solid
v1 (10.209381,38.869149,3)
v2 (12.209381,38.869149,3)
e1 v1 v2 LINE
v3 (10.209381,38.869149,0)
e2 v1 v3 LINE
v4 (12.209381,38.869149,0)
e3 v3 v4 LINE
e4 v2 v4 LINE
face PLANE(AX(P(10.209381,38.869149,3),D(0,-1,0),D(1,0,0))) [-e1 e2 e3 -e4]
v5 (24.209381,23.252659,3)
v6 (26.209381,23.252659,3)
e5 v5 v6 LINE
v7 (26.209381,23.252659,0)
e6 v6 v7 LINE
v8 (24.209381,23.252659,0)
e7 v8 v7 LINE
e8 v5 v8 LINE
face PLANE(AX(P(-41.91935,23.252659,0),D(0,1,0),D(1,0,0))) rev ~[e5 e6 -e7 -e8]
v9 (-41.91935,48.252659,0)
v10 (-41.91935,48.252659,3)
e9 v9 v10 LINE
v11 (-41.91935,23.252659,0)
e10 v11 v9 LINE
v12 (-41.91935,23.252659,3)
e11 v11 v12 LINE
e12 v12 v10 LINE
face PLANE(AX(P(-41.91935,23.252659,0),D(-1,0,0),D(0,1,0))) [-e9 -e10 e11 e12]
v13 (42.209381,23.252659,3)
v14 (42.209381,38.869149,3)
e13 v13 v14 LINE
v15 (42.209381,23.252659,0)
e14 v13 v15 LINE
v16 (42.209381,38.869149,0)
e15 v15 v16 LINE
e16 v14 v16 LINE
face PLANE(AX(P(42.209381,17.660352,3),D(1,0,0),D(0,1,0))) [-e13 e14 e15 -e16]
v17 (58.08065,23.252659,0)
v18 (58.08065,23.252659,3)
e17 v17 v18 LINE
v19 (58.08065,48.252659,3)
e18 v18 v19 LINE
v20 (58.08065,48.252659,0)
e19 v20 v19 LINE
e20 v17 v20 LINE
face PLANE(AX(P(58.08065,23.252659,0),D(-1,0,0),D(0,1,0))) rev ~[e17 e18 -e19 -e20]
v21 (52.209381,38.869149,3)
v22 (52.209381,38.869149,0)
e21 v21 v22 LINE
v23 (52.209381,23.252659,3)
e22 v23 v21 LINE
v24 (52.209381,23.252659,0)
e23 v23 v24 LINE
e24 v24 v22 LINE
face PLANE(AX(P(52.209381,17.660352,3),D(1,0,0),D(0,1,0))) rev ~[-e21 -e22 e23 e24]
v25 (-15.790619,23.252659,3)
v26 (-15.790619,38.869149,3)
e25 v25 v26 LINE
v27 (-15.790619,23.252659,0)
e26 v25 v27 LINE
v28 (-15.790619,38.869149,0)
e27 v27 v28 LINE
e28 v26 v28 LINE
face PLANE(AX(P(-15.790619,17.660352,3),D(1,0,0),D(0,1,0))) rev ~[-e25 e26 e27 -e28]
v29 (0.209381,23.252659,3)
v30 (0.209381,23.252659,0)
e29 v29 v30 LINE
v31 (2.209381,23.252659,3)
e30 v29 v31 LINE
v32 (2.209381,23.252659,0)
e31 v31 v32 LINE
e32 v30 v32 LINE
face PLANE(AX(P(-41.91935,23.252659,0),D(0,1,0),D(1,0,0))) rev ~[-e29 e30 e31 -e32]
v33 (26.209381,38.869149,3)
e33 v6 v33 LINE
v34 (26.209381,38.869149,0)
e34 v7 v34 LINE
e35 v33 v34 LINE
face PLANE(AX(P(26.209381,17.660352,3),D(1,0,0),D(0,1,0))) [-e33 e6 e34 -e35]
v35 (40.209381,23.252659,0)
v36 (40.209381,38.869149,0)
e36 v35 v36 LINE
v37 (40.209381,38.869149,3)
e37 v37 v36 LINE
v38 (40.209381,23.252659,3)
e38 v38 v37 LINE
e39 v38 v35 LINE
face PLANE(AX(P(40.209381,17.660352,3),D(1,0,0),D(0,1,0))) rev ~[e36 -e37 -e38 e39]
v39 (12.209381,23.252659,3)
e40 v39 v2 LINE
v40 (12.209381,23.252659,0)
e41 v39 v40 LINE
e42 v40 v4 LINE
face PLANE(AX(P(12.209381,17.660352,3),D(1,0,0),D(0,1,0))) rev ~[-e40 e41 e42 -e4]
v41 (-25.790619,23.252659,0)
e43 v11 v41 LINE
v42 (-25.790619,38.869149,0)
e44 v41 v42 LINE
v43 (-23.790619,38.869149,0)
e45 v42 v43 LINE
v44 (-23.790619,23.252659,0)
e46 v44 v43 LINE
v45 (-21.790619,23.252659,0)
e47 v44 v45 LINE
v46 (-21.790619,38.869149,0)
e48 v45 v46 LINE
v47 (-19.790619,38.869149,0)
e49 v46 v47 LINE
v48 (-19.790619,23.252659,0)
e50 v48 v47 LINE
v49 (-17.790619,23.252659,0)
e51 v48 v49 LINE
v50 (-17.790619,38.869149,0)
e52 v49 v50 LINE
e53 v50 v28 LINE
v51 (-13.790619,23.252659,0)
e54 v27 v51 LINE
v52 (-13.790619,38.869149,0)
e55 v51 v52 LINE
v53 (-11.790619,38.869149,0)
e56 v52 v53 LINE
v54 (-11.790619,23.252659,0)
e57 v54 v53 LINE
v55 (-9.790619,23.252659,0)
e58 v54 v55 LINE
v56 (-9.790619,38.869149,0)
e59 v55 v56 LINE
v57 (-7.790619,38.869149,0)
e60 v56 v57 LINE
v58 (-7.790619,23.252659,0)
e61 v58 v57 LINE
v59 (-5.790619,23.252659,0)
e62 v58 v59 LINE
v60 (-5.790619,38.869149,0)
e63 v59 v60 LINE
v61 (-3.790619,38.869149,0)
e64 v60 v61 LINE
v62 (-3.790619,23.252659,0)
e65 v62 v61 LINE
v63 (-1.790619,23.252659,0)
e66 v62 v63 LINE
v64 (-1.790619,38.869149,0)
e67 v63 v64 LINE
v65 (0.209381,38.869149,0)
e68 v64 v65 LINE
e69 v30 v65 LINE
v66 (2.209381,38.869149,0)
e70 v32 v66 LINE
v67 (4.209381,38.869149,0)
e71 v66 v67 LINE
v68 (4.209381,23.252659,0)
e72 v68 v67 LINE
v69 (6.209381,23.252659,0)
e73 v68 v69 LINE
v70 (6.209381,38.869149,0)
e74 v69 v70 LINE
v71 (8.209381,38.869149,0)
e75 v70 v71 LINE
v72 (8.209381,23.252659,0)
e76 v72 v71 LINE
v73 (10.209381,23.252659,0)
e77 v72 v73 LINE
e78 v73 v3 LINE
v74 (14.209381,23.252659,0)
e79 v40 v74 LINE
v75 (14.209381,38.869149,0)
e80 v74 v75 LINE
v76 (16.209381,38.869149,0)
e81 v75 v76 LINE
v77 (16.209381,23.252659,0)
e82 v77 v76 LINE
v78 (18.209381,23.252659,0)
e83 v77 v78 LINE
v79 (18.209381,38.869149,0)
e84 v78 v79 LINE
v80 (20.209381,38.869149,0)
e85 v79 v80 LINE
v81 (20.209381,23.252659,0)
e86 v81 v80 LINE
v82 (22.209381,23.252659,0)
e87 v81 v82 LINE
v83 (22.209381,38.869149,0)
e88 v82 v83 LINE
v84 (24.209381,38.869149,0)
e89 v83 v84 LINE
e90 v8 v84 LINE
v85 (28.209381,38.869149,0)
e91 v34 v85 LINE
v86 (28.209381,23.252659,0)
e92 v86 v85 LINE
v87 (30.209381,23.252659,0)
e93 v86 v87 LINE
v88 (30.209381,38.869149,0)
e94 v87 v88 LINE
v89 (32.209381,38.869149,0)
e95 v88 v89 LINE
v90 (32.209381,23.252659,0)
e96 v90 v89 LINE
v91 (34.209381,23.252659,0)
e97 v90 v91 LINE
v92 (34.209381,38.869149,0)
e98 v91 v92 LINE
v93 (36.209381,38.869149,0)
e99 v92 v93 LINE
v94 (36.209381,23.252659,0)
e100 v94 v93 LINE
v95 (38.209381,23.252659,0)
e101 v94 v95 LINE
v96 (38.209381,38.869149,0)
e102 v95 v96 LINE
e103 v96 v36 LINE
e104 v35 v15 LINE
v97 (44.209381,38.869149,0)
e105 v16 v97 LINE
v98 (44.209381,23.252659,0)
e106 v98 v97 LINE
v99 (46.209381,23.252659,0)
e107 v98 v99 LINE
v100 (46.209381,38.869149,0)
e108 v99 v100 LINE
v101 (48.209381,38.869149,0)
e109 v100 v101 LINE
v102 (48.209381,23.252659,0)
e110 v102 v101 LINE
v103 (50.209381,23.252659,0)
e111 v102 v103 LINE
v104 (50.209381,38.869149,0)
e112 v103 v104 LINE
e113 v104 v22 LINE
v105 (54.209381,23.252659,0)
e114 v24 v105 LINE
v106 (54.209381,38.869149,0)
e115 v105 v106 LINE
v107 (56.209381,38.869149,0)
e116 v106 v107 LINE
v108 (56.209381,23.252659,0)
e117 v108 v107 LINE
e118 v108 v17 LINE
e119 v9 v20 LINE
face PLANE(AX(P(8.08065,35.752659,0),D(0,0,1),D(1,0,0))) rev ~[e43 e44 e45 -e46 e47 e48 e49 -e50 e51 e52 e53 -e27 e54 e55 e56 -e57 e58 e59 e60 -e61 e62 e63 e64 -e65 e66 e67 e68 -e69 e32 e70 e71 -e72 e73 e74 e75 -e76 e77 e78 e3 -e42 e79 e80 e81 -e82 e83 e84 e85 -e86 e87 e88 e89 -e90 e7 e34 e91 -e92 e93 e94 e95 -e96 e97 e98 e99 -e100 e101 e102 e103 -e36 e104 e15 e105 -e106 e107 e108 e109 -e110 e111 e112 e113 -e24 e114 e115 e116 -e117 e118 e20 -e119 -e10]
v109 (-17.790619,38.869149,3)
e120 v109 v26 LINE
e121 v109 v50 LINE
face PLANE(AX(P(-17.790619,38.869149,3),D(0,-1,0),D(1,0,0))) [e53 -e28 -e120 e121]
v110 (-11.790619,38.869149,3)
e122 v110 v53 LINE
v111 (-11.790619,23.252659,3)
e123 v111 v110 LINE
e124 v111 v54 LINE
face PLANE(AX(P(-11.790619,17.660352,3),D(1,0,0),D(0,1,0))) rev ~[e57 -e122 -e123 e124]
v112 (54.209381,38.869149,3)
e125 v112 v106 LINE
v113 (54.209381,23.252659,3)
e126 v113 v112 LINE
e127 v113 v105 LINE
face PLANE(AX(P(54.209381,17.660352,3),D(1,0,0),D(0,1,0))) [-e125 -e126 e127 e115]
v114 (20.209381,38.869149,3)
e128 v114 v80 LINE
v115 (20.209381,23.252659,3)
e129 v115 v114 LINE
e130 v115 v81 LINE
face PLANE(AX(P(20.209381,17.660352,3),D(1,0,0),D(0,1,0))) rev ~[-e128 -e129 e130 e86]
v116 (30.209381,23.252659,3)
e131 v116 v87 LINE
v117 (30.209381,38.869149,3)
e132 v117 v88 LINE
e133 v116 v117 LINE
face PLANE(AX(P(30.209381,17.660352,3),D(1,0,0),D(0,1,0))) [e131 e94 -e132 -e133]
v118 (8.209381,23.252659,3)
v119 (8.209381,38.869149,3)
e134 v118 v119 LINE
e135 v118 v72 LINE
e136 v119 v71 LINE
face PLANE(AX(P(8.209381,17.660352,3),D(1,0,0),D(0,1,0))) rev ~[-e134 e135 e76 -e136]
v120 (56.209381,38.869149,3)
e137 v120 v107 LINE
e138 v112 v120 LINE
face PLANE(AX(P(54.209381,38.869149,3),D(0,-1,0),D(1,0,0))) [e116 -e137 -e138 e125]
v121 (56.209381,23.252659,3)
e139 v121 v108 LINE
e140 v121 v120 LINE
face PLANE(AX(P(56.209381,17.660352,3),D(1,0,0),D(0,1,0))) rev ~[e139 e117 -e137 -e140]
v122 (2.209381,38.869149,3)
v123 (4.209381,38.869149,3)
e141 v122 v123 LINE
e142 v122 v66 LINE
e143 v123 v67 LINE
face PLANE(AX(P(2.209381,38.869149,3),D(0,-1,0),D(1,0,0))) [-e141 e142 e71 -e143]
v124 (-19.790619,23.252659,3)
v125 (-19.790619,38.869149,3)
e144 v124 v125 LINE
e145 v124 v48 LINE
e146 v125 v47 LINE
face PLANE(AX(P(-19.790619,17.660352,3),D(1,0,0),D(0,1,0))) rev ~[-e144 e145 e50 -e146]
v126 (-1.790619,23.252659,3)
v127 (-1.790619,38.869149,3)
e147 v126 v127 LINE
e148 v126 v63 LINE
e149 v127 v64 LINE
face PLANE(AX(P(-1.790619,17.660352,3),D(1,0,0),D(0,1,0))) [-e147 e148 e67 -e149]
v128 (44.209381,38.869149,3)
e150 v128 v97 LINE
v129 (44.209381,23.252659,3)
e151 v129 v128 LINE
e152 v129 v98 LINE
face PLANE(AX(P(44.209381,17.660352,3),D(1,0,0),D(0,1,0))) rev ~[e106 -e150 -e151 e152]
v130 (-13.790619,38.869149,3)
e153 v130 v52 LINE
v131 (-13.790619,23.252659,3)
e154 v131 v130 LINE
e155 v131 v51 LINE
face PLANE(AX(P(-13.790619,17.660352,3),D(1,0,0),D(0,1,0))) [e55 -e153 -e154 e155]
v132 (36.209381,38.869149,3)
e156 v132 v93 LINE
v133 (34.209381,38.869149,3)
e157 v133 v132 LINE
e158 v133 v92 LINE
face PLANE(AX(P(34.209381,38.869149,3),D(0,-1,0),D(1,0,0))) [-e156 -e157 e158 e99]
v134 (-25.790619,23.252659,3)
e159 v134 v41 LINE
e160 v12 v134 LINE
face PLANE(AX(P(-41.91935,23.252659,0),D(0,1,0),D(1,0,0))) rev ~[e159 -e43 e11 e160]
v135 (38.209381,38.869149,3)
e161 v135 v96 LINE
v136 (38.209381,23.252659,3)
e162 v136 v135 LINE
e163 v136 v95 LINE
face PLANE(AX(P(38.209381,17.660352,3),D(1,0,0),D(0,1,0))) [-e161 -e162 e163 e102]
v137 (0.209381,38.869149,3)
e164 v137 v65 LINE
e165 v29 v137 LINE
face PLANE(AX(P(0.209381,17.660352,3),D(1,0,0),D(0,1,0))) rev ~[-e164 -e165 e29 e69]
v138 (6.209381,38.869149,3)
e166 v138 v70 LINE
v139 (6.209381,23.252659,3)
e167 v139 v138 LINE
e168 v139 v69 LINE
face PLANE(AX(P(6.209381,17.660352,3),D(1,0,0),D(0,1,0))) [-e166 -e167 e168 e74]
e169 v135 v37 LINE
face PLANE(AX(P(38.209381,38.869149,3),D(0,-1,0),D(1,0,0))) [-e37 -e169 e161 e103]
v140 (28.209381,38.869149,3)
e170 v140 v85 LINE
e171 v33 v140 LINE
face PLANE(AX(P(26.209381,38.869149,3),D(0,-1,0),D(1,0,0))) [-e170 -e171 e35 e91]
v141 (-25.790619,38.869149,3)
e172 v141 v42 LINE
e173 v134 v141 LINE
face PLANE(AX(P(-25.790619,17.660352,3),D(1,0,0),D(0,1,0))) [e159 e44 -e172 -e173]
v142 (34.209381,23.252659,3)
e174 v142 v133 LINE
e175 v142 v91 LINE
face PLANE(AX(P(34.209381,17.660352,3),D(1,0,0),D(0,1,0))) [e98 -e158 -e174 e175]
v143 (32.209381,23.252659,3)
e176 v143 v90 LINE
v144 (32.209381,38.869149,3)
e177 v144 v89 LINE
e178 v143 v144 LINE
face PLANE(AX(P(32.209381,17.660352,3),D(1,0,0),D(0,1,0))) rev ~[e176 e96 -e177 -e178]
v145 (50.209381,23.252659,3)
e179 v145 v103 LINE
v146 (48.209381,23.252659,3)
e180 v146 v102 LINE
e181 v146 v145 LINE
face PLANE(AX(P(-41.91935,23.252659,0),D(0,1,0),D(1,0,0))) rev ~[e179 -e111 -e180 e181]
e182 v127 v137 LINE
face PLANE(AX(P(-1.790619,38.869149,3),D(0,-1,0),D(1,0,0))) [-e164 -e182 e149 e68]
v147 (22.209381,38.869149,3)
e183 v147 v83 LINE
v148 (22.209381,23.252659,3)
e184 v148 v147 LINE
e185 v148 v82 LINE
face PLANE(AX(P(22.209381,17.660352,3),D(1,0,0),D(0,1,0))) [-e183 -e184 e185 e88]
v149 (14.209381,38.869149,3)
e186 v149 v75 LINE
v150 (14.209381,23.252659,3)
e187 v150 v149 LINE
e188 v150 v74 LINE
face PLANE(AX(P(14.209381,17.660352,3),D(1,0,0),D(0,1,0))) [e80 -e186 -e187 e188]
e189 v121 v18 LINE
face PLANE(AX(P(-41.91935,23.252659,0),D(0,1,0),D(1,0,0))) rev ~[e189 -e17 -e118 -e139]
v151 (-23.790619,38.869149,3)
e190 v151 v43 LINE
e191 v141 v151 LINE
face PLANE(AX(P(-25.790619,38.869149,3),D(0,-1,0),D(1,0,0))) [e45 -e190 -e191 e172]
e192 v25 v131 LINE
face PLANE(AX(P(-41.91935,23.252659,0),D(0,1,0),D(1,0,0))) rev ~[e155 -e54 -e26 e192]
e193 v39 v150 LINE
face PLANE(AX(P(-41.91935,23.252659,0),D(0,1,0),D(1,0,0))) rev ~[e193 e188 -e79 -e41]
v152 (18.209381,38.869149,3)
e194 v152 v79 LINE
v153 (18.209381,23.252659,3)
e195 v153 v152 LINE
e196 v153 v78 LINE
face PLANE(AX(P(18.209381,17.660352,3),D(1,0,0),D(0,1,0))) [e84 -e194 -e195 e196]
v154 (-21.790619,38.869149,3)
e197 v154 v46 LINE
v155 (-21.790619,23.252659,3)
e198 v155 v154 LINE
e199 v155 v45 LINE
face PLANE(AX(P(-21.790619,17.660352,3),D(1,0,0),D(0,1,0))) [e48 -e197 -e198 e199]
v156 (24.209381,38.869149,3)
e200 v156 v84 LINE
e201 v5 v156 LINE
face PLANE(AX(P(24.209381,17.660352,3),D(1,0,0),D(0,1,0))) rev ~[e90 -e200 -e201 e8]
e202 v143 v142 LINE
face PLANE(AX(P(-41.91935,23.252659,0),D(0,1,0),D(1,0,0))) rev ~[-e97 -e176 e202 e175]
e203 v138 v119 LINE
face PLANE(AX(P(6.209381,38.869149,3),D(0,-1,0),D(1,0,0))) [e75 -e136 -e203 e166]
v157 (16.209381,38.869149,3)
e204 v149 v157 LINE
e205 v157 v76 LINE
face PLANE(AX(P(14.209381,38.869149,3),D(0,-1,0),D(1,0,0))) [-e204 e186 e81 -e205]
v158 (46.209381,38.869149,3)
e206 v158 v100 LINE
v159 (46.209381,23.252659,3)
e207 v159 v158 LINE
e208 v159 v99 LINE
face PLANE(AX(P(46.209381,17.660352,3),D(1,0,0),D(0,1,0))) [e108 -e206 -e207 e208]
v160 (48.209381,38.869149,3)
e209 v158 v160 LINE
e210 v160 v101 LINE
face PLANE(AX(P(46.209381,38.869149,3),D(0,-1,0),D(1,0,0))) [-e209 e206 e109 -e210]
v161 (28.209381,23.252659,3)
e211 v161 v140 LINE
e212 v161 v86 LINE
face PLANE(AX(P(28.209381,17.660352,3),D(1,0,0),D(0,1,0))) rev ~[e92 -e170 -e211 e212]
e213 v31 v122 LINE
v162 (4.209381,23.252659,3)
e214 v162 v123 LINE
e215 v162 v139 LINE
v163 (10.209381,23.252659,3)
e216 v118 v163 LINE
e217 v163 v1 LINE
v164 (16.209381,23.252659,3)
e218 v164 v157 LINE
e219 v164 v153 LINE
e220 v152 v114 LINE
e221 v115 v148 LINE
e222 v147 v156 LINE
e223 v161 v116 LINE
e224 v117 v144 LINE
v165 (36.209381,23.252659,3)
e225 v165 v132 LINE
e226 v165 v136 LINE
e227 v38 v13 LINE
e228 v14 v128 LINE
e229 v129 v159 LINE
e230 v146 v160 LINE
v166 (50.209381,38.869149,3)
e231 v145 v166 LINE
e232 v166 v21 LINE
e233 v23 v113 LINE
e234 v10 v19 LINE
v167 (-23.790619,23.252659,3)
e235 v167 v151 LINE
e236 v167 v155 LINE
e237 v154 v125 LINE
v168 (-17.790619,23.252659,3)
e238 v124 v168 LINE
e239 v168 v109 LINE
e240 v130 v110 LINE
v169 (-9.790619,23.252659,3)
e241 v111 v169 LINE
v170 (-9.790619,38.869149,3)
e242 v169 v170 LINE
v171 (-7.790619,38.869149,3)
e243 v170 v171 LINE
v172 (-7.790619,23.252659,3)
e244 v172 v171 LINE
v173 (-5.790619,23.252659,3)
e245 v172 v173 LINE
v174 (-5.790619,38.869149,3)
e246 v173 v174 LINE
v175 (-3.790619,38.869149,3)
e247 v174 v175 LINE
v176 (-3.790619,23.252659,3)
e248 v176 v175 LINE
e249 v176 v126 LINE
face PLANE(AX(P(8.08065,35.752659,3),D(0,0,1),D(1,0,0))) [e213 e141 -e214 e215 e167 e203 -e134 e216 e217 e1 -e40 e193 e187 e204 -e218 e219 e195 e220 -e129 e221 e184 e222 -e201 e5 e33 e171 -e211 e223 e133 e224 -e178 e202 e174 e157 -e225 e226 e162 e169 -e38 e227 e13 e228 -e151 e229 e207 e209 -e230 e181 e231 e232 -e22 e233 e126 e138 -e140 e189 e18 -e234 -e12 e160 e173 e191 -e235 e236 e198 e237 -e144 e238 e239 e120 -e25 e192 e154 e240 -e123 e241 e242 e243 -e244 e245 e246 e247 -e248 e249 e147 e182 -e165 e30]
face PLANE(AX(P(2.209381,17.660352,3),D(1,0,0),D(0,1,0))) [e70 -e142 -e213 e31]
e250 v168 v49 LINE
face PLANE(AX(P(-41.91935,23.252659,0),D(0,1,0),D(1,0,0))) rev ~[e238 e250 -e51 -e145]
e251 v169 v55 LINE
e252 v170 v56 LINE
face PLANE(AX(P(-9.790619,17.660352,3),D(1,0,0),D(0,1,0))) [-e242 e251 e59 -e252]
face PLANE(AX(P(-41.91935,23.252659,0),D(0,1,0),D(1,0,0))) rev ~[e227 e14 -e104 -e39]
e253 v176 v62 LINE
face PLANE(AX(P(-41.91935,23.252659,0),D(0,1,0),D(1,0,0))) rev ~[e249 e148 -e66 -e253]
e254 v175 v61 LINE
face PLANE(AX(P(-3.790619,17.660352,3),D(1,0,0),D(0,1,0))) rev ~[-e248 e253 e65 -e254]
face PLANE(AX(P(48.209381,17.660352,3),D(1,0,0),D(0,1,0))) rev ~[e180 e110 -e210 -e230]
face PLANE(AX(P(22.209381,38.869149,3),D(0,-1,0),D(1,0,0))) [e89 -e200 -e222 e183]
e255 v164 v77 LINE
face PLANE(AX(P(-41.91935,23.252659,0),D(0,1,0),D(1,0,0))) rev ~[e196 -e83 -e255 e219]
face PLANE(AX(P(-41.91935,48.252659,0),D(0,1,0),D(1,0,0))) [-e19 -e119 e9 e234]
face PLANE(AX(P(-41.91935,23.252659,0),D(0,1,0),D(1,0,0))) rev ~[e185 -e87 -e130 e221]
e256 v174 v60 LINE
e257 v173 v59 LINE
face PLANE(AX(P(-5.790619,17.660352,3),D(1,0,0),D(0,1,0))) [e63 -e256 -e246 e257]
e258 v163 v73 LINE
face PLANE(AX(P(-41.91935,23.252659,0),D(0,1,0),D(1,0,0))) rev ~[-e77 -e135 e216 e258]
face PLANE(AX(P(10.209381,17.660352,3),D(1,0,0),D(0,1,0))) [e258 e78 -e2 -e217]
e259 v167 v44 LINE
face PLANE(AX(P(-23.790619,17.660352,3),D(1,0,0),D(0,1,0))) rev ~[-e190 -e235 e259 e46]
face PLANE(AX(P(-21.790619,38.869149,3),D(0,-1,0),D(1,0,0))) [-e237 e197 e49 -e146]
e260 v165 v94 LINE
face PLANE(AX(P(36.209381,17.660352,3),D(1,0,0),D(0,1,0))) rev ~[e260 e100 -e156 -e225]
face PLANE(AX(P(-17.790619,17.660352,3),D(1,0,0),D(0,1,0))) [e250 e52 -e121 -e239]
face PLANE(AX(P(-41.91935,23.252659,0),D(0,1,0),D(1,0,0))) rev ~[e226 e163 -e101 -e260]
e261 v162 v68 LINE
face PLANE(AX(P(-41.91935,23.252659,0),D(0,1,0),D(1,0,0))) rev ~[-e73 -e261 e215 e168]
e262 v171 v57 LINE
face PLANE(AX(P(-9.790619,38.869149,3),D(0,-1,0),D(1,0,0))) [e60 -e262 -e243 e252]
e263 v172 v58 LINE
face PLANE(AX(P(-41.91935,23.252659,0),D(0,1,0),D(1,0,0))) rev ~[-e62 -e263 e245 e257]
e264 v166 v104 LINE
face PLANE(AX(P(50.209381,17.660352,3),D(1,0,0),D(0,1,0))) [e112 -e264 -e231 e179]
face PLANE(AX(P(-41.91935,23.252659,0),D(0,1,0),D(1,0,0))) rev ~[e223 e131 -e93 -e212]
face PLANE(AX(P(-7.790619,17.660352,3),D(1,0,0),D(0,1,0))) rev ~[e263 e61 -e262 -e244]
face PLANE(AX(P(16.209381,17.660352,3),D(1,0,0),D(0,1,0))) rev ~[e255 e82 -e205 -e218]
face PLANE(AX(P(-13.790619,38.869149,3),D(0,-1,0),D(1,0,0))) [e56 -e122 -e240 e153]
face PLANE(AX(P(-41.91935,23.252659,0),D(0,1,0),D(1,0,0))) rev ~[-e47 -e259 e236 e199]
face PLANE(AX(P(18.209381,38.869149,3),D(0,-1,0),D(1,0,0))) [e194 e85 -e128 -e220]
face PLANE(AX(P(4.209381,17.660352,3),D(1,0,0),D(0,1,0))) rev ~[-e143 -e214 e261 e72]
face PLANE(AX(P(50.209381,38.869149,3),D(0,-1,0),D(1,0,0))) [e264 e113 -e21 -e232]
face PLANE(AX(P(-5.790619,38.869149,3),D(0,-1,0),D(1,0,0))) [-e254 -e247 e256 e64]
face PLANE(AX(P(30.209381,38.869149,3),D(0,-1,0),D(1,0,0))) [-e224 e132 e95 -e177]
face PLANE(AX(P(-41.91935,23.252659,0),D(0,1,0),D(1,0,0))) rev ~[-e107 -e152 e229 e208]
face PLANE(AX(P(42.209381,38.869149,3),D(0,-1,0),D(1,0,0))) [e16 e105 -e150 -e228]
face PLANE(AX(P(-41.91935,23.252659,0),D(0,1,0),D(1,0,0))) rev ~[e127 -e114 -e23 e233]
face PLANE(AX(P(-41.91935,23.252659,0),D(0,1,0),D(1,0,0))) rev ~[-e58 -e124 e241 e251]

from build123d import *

# Parameters (mm, degrees)
F0_W     = 100
F0_H     = 25
F1_DEPTH = 3
F2_W     = 2
F2_H     = 21.208797
F3_DEPTH = 25


with BuildPart() as f1:
    # F0 (on Top) → F1 (new body)
    with BuildSketch(Plane.XY):
        with Locations((8.08065, 35.752659)):
            Rectangle(F0_W, F0_H)
    extrude(amount=F1_DEPTH)

    # F2 (on face) → F3 (cut)
    with BuildSketch(Plane.XY.offset(3)):
        with Locations((-24.790619, 28.26475)):
            Rectangle(F2_W, F2_H)
        with Locations((-20.790619, 28.26475)):
            Rectangle(F2_W, F2_H)
        with Locations((-16.790619, 28.26475)):
            Rectangle(F2_W, F2_H)
        with Locations((-12.790619, 28.26475)):
            Rectangle(F2_W, F2_H)
        with Locations((-8.790619, 28.26475)):
            Rectangle(F2_W, F2_H)
        with Locations((-4.790619, 28.26475)):
            Rectangle(F2_W, F2_H)
        with Locations((-0.790619, 28.26475)):
            Rectangle(F2_W, F2_H)
        with Locations((3.209381, 28.26475)):
            Rectangle(F2_W, F2_H)
        with Locations((7.209381, 28.26475)):
            Rectangle(F2_W, F2_H)
        with Locations((11.209381, 28.26475)):
            Rectangle(F2_W, F2_H)
        with Locations((15.209381, 28.26475)):
            Rectangle(F2_W, F2_H)
        with Locations((19.209381, 28.26475)):
            Rectangle(F2_W, F2_H)
        with Locations((23.209381, 28.26475)):
            Rectangle(F2_W, F2_H)
        with Locations((27.209381, 28.26475)):
            Rectangle(F2_W, F2_H)
        with Locations((31.209381, 28.26475)):
            Rectangle(F2_W, F2_H)
        with Locations((35.209381, 28.26475)):
            Rectangle(F2_W, F2_H)
        with Locations((39.209381, 28.26475)):
            Rectangle(F2_W, F2_H)
        with Locations((43.209381, 28.26475)):
            Rectangle(F2_W, F2_H)
        with Locations((47.209381, 28.26475)):
            Rectangle(F2_W, F2_H)
        with Locations((51.209381, 28.26475)):
            Rectangle(F2_W, F2_H)
        with Locations((55.209381, 28.26475)):
            Rectangle(F2_W, F2_H)
    extrude(amount=-F3_DEPTH, mode=Mode.SUBTRACT)


solid = f1.part
